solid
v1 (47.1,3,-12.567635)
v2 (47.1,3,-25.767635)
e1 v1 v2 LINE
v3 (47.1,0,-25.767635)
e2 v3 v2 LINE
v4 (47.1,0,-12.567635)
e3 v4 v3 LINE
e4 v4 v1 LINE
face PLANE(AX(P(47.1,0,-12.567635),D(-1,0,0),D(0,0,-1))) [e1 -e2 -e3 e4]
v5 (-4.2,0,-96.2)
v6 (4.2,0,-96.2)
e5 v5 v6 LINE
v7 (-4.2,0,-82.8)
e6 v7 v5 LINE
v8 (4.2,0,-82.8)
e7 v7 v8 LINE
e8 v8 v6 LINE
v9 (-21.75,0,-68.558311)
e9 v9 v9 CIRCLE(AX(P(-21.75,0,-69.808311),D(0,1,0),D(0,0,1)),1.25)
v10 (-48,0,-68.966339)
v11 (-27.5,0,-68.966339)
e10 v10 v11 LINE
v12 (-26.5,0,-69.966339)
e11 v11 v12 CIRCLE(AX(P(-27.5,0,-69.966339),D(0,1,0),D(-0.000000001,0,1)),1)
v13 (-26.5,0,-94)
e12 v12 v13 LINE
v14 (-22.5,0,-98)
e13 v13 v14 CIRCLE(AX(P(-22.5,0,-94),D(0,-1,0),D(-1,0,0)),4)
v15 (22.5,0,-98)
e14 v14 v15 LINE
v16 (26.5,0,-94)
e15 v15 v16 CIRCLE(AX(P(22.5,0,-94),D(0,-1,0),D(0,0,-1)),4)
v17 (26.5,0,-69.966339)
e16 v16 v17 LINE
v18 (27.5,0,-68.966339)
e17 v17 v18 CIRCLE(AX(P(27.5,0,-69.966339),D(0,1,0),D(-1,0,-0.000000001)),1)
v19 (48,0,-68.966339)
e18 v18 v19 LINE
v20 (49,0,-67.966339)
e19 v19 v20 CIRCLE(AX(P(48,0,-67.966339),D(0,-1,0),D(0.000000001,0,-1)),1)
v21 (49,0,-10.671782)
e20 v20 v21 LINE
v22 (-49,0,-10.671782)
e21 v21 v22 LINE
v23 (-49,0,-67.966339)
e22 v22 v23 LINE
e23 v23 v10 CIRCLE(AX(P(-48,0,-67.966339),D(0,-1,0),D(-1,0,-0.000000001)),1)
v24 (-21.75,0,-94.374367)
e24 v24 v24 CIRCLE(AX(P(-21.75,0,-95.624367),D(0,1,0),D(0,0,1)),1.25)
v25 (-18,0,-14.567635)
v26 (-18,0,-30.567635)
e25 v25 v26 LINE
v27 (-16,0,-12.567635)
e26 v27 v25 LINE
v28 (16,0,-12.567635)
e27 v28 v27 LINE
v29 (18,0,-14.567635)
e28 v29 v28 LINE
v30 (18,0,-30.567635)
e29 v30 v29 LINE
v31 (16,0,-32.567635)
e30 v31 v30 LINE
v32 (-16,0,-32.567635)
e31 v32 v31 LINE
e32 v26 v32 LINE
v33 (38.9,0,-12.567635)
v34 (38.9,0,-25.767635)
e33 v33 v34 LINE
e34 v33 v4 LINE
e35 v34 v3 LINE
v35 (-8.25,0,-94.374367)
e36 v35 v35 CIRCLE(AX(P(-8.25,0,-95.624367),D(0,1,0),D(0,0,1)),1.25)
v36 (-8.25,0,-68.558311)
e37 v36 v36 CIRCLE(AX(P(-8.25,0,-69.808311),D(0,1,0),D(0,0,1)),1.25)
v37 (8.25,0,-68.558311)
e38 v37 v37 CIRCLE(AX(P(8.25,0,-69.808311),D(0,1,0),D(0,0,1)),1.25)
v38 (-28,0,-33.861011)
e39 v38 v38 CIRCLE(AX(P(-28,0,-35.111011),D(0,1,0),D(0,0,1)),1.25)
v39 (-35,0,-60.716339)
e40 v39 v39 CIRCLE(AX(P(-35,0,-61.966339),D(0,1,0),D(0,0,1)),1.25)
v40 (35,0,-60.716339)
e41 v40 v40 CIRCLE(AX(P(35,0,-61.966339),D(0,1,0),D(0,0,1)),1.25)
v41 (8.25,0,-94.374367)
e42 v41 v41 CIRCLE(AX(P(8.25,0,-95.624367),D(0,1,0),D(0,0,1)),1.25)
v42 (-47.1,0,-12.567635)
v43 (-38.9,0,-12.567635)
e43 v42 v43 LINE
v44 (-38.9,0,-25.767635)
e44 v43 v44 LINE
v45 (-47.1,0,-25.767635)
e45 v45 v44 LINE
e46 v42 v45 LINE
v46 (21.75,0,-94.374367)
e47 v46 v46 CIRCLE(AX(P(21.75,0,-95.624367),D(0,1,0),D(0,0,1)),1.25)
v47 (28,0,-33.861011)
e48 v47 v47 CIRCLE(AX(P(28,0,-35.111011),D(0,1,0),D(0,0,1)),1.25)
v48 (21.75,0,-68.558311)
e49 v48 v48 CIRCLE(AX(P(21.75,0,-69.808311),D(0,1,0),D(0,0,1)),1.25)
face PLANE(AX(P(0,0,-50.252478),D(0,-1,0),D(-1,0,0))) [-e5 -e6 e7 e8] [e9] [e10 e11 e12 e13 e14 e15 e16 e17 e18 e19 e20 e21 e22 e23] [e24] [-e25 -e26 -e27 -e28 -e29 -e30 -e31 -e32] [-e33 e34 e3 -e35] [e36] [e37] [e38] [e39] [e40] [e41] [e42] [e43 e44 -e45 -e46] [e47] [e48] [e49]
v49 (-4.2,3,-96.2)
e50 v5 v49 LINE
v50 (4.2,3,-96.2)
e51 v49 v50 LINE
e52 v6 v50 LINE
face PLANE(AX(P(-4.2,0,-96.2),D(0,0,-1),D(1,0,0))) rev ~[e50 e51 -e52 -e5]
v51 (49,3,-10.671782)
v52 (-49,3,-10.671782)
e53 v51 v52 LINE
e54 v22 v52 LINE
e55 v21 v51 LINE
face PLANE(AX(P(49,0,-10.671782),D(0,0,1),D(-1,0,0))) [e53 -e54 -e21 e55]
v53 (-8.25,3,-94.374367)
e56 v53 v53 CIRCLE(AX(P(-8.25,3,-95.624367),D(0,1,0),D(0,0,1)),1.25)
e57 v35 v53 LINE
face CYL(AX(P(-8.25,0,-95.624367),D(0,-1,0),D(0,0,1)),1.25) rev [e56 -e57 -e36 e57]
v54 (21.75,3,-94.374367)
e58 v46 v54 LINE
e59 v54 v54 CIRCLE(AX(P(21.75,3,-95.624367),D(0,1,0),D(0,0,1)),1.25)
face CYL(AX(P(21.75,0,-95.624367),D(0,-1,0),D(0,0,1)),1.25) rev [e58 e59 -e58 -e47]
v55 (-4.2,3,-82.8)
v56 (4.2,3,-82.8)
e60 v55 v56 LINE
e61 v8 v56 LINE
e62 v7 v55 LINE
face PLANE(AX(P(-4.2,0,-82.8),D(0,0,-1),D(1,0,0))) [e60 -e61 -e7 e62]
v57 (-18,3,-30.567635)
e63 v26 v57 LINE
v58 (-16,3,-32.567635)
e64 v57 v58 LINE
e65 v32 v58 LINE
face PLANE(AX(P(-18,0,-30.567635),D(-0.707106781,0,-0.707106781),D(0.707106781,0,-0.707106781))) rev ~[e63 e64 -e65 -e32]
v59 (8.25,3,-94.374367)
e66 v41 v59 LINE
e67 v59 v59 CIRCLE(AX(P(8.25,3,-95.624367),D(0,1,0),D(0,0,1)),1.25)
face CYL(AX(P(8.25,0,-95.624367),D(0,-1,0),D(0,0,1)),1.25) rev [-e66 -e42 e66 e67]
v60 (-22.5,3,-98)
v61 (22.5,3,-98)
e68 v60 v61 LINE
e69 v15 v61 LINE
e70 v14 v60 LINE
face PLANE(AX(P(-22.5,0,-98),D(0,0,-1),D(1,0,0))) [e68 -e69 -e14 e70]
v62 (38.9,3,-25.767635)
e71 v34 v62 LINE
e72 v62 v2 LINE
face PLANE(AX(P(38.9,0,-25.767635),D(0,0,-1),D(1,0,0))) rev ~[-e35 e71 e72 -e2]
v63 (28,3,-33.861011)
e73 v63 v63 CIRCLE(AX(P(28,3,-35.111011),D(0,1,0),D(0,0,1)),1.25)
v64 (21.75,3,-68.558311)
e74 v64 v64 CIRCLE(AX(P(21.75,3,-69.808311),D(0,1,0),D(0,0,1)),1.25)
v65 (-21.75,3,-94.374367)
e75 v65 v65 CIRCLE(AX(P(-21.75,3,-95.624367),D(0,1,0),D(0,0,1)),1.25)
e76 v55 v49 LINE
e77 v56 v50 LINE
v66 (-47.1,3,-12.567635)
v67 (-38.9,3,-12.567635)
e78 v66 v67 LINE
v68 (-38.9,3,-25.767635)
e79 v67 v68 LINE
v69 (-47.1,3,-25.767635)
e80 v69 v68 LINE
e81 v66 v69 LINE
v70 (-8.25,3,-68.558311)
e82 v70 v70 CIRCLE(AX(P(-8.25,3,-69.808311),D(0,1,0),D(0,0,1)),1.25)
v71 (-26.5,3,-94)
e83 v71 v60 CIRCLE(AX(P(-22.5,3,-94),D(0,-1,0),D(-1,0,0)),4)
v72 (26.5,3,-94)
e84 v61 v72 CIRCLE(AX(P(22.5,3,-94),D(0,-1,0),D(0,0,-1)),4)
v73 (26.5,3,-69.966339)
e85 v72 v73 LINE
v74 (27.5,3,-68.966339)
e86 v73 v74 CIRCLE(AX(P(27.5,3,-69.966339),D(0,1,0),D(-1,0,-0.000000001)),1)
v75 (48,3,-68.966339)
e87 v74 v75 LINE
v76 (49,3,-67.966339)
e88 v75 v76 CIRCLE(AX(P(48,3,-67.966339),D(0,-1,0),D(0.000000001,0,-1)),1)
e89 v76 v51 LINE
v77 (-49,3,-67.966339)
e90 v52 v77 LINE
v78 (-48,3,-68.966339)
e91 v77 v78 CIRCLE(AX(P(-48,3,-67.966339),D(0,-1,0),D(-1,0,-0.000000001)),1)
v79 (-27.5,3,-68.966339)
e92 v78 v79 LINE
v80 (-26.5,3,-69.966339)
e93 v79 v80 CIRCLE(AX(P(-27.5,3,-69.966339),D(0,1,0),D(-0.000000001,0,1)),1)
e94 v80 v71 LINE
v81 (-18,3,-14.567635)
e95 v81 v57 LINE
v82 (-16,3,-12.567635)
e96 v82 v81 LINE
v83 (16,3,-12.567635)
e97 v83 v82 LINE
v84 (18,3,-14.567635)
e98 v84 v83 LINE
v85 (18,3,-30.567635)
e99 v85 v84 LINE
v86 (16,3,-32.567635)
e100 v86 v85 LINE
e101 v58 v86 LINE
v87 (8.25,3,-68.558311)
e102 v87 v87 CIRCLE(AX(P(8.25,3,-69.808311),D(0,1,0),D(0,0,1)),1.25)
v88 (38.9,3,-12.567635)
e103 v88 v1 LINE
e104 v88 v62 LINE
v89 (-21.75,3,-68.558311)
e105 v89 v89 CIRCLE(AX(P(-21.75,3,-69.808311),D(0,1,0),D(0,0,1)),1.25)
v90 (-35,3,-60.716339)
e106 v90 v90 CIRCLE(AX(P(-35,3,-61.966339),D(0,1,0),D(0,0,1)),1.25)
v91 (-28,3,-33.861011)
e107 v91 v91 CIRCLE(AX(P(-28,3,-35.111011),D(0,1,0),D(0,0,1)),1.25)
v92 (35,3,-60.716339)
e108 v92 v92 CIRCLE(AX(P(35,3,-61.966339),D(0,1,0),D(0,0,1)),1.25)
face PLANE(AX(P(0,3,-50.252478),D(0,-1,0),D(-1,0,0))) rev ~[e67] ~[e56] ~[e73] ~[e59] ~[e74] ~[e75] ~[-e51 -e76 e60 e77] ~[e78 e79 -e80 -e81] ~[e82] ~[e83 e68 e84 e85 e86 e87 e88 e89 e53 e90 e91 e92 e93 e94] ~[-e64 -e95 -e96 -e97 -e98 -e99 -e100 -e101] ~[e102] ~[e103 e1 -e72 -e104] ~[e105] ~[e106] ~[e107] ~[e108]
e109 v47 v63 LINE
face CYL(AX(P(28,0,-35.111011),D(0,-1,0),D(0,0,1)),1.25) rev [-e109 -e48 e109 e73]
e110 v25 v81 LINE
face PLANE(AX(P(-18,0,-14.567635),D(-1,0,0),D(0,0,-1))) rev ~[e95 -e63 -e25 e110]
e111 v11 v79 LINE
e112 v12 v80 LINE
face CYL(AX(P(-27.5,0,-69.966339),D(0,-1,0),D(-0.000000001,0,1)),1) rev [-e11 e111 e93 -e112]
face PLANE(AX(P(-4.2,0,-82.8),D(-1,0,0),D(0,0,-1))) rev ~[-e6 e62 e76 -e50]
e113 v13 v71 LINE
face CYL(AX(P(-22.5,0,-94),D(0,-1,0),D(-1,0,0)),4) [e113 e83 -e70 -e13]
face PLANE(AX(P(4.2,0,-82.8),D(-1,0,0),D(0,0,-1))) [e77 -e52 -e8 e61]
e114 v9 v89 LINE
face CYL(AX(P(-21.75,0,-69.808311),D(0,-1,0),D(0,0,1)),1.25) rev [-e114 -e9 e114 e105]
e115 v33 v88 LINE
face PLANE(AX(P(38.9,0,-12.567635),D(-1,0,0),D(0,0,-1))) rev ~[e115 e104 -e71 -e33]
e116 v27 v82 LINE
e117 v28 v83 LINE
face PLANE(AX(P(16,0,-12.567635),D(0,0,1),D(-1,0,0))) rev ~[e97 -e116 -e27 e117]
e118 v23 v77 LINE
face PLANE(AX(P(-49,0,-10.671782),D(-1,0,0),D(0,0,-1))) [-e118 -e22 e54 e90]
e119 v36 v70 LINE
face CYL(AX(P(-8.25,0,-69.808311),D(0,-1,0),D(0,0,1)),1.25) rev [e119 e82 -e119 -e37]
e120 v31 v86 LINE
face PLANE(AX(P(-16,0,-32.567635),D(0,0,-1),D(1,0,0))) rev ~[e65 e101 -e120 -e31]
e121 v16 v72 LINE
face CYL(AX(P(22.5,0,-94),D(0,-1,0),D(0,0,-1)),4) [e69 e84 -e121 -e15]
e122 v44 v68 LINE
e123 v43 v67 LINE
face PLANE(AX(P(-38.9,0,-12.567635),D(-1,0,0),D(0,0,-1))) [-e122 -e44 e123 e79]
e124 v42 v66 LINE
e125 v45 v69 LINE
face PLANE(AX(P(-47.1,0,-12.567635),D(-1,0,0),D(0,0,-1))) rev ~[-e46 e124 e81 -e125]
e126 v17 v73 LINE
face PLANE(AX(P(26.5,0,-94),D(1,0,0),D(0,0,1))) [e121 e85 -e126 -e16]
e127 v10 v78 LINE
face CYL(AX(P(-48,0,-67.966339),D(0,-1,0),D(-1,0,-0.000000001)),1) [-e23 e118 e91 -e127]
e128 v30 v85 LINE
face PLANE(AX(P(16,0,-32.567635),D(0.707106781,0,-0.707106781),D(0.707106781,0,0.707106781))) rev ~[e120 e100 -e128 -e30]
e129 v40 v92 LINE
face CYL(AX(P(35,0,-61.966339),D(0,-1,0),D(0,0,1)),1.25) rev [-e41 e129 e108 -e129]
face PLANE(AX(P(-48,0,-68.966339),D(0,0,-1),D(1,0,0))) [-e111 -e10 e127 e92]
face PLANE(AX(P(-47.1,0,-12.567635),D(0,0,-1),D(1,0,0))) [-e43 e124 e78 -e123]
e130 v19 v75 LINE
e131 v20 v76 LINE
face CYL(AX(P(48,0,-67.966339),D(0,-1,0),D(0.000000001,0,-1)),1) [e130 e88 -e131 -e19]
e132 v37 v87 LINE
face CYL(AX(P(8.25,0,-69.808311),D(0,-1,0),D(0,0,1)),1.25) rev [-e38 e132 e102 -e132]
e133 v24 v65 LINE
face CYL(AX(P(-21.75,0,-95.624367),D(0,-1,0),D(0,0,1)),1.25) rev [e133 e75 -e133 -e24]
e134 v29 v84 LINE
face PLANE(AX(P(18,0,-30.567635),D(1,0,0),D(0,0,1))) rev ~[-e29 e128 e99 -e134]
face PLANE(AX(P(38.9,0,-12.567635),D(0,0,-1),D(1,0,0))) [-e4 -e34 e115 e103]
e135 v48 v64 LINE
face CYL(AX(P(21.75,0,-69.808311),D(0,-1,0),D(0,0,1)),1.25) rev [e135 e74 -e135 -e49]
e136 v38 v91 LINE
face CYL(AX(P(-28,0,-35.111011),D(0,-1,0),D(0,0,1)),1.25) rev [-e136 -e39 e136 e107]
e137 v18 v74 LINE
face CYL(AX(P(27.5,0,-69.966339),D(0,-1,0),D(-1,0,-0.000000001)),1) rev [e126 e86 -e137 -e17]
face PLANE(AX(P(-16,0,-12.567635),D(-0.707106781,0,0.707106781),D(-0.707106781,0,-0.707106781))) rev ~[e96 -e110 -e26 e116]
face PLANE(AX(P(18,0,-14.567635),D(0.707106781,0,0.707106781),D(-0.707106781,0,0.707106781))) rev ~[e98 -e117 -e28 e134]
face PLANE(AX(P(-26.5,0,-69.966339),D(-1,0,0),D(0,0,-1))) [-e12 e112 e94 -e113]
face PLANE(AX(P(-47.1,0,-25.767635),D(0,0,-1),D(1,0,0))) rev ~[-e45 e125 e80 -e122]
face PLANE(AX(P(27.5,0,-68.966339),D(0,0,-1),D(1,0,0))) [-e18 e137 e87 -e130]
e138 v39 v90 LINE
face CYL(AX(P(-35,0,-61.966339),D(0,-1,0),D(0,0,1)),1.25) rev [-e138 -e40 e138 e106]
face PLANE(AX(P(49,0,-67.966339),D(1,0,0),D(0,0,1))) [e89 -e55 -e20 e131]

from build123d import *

# Parameters (mm, degrees)
SKETCH_1_R      = 1.25
SKETCH_1_W      = 8.2
SKETCH_1_H      = 13.2
SKETCH_1_W_2    = 8.4
SKETCH_1_H_2    = 13.4
EXTRUDE_1_DEPTH = 3


with BuildPart() as part:
    # Эскиз1 → Бобышка-Вытянуть1 (new body)
    with BuildSketch(Plane(origin=(0, 0, 0), x_dir=(1, 0, 0), z_dir=(0, 1, 0))):
        with BuildLine():
            Line((-49, 10.671781602), (-49, 67.966339104))
            ThreePointArc((-49, 67.966339104), (-48.707106781, 68.673445885), (-48, 68.966339104))
            Line((-48, 68.966339104), (-27.5, 68.966339104))
            ThreePointArc((-27.5, 68.966339104), (-26.792893219, 69.259232322), (-26.5, 69.966339104))
            Line((-26.5, 69.966339104), (-26.5, 94))
            ThreePointArc((-26.5, 94), (-25.328427125, 96.828427125), (-22.5, 98))
            Line((-22.5, 98), (22.5, 98))
            ThreePointArc((22.5, 98), (25.328427125, 96.828427125), (26.5, 94))
            Line((26.5, 94), (26.5, 69.966339104))
            ThreePointArc((26.5, 69.966339104), (26.792893219, 69.259232322), (27.5, 68.966339104))
            Line((27.5, 68.966339104), (48, 68.966339104))
            ThreePointArc((48, 68.966339104), (48.707106781, 68.673445885), (49, 67.966339104))
            Line((49, 67.966339104), (49, 10.671781602))
            Line((49, 10.671781602), (-49, 10.671781602))
        make_face()
        with Locations(Location((-21.75, 95.624367377, 0), (0, 0, 270))):
            Circle(SKETCH_1_R, mode=Mode.SUBTRACT)
        with Locations(Location((-8.25, 95.624367377, 0), (0, 0, 270))):
            Circle(SKETCH_1_R, mode=Mode.SUBTRACT)
        with Locations(Location((8.25, 95.624367377, 0), (0, 0, 270))):
            Circle(SKETCH_1_R, mode=Mode.SUBTRACT)
        with Locations(Location((21.75, 95.624367377, 0), (0, 0, 270))):
            Circle(SKETCH_1_R, mode=Mode.SUBTRACT)
        with Locations(Location((21.75, 69.808310831, 0), (0, 0, 270))):
            Circle(SKETCH_1_R, mode=Mode.SUBTRACT)
        with Locations(Location((8.25, 69.808310831, 0), (0, 0, 270))):
            Circle(SKETCH_1_R, mode=Mode.SUBTRACT)
        with Locations(Location((-8.25, 69.808310831, 0), (0, 0, 270))):
            Circle(SKETCH_1_R, mode=Mode.SUBTRACT)
        with Locations(Location((-21.75, 69.808310831, 0), (0, 0, 270))):
            Circle(SKETCH_1_R, mode=Mode.SUBTRACT)
        with Locations(Location((-35, 61.966339104, 0), (0, 0, 270))):
            Circle(SKETCH_1_R, mode=Mode.SUBTRACT)
        with Locations(Location((-28, 35.111011166, 0), (0, 0, 270))):
            Circle(SKETCH_1_R, mode=Mode.SUBTRACT)
        with Locations(Location((28, 35.111011166, 0), (0, 0, 270))):
            Circle(SKETCH_1_R, mode=Mode.SUBTRACT)
        with Locations(Location((35, 61.966339104, 0), (0, 0, 270))):
            Circle(SKETCH_1_R, mode=Mode.SUBTRACT)
        with Locations((-43, 19.167635493)):
            Rectangle(SKETCH_1_W, SKETCH_1_H, mode=Mode.SUBTRACT)
        with Locations((43, 19.167635493)):
            Rectangle(SKETCH_1_W, SKETCH_1_H, mode=Mode.SUBTRACT)
        with Locations((0, 89.5)):
            Rectangle(SKETCH_1_W_2, SKETCH_1_H_2, mode=Mode.SUBTRACT)
        Polygon((16, 12.567635493), (-16, 12.567635493), (-18, 14.567635493), (-18, 30.567635493), (-16, 32.567635493), (16, 32.567635493), (18, 30.567635493), (18, 14.567635493), align=None, mode=Mode.SUBTRACT)
    extrude(amount=EXTRUDE_1_DEPTH)


solid = part.part
